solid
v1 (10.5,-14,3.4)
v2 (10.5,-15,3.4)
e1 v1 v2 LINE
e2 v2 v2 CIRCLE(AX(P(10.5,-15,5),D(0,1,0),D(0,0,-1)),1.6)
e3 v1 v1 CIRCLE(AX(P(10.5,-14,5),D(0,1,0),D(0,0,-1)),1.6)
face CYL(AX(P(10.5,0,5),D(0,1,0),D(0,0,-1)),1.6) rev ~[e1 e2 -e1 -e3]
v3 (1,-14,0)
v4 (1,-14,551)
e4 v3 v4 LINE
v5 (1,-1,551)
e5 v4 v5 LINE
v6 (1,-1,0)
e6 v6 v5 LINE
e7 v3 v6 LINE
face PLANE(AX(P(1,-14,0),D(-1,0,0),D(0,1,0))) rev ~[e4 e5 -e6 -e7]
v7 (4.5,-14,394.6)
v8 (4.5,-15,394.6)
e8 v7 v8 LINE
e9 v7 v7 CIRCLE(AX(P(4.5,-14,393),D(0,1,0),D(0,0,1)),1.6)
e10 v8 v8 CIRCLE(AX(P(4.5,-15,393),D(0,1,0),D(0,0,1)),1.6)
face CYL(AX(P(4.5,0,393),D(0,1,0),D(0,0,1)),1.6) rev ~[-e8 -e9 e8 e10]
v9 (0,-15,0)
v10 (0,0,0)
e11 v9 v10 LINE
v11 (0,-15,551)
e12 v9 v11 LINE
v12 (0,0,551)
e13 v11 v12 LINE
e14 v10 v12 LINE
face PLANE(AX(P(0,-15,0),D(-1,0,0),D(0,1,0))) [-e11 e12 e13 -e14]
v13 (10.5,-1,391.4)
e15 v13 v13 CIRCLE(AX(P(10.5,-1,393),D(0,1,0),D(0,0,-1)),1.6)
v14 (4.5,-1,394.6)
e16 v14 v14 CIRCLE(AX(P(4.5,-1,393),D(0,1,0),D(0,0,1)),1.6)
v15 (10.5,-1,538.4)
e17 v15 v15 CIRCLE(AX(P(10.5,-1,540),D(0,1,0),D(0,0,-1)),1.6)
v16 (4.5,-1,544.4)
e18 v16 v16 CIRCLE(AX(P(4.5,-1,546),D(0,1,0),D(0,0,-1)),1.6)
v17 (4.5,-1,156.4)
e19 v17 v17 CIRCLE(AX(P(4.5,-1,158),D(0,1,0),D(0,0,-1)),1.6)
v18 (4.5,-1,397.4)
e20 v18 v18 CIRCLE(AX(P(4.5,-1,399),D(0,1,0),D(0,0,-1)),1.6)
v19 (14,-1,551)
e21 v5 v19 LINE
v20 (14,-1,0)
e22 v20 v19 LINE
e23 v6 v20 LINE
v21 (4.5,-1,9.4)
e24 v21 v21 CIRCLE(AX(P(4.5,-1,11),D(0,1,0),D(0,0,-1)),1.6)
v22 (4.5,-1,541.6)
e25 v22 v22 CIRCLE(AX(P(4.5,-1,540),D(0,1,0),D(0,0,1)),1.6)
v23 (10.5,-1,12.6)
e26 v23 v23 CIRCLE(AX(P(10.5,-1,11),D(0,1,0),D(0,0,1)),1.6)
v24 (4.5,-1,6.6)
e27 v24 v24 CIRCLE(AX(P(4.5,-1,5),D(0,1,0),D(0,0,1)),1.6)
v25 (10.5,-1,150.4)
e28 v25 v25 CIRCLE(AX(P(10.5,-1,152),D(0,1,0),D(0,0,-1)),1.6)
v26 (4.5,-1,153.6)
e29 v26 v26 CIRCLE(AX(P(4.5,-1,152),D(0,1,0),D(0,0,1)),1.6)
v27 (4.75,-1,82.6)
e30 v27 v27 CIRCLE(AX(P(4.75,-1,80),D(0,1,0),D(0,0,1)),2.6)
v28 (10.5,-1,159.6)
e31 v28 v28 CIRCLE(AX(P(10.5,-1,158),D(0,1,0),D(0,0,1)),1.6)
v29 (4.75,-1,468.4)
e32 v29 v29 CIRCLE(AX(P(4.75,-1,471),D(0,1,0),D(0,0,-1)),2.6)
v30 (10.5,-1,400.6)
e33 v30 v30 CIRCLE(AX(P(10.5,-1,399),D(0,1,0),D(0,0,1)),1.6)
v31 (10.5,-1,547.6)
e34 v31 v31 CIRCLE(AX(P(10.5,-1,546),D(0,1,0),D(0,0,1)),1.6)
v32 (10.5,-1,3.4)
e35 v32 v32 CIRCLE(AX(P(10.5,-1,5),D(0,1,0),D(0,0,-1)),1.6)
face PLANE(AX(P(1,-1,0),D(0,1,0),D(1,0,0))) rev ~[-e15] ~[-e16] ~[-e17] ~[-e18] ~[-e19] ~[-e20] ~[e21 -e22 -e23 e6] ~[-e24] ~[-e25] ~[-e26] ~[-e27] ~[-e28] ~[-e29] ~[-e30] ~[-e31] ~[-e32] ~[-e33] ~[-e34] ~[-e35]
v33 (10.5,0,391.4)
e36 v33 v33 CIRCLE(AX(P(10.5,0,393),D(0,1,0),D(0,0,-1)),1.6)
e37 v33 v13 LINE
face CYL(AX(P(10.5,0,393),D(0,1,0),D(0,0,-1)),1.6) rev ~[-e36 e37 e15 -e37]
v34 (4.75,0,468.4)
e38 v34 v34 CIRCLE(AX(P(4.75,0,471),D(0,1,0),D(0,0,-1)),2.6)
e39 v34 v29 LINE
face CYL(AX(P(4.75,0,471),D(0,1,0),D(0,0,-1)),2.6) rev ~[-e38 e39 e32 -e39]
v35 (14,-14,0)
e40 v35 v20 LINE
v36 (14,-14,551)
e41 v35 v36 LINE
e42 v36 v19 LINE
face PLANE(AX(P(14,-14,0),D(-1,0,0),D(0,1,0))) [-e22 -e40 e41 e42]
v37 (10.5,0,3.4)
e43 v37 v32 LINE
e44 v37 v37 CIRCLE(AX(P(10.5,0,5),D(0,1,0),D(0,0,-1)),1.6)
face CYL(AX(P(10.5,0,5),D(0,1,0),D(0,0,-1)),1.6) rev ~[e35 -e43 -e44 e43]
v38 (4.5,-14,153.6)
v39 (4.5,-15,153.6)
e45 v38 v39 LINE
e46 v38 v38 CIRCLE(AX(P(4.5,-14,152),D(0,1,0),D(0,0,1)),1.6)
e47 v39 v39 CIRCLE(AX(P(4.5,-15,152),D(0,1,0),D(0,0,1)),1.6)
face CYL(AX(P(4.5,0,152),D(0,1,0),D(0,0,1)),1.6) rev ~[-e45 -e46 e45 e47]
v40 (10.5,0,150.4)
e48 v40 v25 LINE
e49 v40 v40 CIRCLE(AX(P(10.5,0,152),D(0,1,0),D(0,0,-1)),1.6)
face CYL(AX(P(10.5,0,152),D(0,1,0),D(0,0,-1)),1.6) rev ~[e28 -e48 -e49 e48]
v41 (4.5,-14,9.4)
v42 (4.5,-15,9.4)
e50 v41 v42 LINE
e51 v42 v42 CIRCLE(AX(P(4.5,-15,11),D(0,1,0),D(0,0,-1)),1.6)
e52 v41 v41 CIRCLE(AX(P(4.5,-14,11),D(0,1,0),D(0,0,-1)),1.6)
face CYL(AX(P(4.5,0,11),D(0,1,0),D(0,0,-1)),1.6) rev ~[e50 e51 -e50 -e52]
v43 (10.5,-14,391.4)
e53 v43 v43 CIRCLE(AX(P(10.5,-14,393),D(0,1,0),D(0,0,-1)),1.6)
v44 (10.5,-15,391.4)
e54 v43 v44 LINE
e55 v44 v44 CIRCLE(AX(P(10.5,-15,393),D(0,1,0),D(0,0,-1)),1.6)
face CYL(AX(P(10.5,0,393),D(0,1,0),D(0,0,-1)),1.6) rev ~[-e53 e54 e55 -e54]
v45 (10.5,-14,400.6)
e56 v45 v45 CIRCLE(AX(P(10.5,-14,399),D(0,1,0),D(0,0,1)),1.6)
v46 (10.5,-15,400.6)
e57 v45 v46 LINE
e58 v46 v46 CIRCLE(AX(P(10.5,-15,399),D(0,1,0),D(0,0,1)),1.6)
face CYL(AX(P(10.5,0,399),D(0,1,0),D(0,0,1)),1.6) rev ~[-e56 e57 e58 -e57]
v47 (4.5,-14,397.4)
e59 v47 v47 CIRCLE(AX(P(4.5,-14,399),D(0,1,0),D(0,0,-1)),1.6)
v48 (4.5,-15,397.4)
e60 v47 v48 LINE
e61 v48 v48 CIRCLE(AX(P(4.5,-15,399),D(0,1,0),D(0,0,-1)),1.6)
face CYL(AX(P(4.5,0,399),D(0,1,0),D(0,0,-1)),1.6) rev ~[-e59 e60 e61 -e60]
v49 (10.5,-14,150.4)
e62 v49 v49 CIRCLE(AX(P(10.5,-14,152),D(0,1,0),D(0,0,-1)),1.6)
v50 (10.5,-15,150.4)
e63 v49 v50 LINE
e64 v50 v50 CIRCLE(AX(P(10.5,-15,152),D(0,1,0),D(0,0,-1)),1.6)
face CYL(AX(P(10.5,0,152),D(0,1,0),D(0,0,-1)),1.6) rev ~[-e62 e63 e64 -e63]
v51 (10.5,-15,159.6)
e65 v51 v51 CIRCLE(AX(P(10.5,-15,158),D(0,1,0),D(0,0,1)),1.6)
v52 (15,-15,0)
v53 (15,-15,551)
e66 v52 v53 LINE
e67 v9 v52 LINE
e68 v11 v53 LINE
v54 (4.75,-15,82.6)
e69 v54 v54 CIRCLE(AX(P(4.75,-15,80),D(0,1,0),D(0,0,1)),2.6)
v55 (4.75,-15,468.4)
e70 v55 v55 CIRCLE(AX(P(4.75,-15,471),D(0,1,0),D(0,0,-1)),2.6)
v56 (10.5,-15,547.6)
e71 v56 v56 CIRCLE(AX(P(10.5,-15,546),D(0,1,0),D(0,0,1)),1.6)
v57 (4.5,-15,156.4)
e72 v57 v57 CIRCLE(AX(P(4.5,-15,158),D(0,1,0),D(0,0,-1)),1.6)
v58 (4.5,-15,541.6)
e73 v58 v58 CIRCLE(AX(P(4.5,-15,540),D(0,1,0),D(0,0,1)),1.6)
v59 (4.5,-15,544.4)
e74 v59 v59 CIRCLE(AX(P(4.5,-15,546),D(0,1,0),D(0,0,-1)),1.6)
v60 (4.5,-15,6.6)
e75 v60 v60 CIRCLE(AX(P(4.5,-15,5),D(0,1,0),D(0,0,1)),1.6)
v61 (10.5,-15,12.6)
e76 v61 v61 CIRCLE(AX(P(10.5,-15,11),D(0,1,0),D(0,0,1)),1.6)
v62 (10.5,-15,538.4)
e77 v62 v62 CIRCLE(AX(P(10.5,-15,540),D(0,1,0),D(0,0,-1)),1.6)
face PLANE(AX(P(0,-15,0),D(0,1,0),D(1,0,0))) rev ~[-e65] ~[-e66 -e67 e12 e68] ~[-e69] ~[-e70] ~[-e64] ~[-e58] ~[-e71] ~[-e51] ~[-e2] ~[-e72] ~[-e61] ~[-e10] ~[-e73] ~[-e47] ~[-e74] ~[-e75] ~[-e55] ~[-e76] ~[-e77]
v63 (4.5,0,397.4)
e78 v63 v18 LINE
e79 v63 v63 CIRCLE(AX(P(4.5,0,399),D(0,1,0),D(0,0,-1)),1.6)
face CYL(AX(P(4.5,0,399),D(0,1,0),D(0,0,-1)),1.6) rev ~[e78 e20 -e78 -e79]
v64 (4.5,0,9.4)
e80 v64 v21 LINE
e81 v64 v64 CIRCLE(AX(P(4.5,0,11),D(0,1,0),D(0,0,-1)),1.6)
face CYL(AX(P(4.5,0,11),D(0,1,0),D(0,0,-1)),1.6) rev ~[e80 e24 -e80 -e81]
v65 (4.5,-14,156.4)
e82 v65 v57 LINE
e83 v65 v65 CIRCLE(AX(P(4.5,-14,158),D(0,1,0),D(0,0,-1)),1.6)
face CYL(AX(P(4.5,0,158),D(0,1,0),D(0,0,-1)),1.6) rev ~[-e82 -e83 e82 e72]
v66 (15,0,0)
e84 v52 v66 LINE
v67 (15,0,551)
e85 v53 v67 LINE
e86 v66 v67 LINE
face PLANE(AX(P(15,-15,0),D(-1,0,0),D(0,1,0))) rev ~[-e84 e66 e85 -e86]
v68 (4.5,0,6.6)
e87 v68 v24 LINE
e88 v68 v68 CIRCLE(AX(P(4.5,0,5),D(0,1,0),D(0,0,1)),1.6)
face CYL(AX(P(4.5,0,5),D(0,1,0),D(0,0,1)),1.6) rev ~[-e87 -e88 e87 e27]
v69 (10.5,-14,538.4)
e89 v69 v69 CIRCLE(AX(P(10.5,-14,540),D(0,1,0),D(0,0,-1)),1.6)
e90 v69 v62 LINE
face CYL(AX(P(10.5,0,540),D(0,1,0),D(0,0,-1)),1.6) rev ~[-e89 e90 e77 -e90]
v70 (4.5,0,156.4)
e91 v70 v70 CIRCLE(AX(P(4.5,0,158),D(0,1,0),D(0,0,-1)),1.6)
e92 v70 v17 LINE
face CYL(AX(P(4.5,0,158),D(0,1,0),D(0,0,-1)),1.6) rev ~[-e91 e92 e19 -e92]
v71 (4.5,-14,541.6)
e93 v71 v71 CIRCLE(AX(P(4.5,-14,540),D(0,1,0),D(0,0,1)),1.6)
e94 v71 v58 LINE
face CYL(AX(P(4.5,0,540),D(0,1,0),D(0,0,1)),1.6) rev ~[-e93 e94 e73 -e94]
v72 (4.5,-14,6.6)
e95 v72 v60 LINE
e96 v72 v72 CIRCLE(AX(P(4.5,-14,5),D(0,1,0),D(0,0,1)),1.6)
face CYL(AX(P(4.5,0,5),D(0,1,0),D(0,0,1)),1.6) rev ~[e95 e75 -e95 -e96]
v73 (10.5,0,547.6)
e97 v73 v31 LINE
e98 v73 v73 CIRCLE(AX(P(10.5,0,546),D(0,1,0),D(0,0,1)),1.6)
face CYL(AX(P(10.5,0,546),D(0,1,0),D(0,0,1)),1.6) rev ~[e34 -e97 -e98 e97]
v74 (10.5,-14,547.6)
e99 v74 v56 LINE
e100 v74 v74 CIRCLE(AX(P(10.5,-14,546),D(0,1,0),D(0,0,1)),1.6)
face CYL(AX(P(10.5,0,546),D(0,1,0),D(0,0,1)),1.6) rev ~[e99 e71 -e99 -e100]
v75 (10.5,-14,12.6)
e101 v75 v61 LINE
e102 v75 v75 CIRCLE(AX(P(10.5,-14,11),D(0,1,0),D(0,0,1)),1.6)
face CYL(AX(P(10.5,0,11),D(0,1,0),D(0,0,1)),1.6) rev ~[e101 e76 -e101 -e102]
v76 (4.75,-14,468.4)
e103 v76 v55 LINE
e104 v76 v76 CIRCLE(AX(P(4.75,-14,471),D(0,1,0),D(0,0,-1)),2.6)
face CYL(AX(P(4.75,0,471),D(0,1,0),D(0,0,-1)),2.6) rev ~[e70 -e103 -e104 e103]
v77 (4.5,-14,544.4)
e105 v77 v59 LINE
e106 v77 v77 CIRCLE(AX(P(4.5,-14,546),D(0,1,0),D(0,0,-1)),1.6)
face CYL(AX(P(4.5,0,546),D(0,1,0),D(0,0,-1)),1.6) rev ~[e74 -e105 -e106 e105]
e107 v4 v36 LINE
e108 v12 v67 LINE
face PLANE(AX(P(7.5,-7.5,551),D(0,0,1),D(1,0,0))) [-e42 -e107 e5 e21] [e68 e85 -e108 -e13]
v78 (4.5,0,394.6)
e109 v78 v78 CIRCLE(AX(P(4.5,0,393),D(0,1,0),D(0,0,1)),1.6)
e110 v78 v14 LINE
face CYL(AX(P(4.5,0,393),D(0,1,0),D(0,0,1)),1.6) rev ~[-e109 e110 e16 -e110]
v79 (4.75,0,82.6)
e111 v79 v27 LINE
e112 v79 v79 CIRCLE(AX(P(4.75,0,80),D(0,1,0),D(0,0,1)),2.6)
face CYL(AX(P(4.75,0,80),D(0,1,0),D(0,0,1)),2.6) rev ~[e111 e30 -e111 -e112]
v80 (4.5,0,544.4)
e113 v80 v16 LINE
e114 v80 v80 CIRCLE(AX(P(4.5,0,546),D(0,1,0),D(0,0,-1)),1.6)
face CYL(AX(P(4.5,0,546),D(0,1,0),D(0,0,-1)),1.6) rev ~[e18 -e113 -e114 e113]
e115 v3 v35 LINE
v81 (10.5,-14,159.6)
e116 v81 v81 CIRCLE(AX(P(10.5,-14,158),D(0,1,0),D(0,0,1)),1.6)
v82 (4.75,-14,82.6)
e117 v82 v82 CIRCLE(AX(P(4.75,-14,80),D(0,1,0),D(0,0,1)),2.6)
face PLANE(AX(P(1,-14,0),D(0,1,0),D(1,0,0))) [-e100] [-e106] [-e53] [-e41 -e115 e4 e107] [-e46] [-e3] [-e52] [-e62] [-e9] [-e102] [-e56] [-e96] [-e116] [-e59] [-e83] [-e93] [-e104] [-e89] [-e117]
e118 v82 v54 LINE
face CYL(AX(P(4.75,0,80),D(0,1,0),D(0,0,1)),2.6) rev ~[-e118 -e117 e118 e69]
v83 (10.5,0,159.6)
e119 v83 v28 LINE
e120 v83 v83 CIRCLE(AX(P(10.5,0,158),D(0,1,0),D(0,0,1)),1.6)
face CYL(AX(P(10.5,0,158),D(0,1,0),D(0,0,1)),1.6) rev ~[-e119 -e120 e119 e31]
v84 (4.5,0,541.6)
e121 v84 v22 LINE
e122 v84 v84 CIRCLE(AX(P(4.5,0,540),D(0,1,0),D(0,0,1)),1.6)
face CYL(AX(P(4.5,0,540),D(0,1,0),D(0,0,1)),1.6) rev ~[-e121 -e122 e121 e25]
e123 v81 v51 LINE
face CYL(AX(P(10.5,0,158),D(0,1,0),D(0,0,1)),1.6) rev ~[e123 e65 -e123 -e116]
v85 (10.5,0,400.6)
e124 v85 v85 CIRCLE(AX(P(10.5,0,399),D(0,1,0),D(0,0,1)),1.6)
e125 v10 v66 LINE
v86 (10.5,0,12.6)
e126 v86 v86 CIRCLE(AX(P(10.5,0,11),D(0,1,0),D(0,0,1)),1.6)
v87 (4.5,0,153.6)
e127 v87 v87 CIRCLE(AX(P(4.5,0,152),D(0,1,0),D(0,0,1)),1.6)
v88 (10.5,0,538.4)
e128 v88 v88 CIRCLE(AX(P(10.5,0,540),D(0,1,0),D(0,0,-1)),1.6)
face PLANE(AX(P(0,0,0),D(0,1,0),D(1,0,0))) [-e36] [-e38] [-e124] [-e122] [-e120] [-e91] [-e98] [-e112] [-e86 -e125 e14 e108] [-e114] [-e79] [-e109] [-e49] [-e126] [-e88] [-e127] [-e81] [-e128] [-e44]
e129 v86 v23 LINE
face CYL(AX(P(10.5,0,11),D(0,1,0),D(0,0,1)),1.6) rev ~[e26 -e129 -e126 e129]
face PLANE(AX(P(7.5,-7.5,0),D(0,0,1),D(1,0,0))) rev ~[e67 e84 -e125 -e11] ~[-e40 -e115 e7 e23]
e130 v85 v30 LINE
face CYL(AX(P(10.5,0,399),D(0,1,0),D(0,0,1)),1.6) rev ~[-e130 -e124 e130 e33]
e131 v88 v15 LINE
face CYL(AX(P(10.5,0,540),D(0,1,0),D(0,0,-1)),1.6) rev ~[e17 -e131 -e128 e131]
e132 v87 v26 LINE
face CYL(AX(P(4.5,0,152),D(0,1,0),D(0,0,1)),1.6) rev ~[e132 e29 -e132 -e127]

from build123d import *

# Parameters (mm, degrees)
SKETCH_1_W          = 15
SKETCH_1_H          = 15
SKETCH_1_W_2        = 13
SKETCH_1_H_2        = 13
EXTRUDE_1_DEPTH     = 551
SKETCH_2_R          = 1.6
SKETCH_2_R_2        = 2.6
CUT_EXTRUDE_1_DEPTH = 552.408197255


with BuildPart() as part:
    # 草图1 → 拉伸-薄壁1 (new body)
    with BuildSketch(Plane.XY):
        with Locations((7.5, -7.5)):
            Rectangle(SKETCH_1_W, SKETCH_1_H)
        with Locations((7.5, -7.5)):
            Rectangle(SKETCH_1_W_2, SKETCH_1_H_2, mode=Mode.SUBTRACT)
    extrude(amount=EXTRUDE_1_DEPTH)

    # 草图2 → 切除-拉伸1 (cut, through all)
    with BuildSketch(Plane(origin=(0, 0, 0), x_dir=(1, 0, 0), z_dir=(0, 1, 0))):
        with Locations(Location((4.5, -5, 0), (0, 0, 270))):
            Circle(SKETCH_2_R)
        with Locations(Location((10.5, -5, 0), (0, 0, 90))):
            Circle(SKETCH_2_R)
        with Locations(Location((10.5, -11, 0), (0, 0, 270))):
            Circle(SKETCH_2_R)
        with Locations(Location((4.5, -11, 0), (0, 0, 90))):
            Circle(SKETCH_2_R)
        with Locations(Location((4.5, -540, 0), (0, 0, 270))):
            Circle(SKETCH_2_R)
        with Locations(Location((10.5, -540, 0), (0, 0, 90))):
            Circle(SKETCH_2_R)
        with Locations(Location((10.5, -546, 0), (0, 0, 270))):
            Circle(SKETCH_2_R)
        with Locations(Location((4.5, -546, 0), (0, 0, 90))):
            Circle(SKETCH_2_R)
        with Locations(Location((4.75, -80, 0), (0, 0, 270))):
            Circle(SKETCH_2_R_2)
        with Locations(Location((4.5, -152, 0), (0, 0, 270))):
            Circle(SKETCH_2_R)
        with Locations(Location((10.5, -152, 0), (0, 0, 90))):
            Circle(SKETCH_2_R)
        with Locations(Location((10.5, -158, 0), (0, 0, 270))):
            Circle(SKETCH_2_R)
        with Locations(Location((4.5, -158, 0), (0, 0, 90))):
            Circle(SKETCH_2_R)
        with Locations(Location((4.75, -471, 0), (0, 0, 90))):
            Circle(SKETCH_2_R_2)
        with Locations(Location((4.5, -393, 0), (0, 0, 270))):
            Circle(SKETCH_2_R)
        with Locations(Location((10.5, -393, 0), (0, 0, 90))):
            Circle(SKETCH_2_R)
        with Locations(Location((10.5, -399, 0), (0, 0, 270))):
            Circle(SKETCH_2_R)
        with Locations(Location((4.5, -399, 0), (0, 0, 90))):
            Circle(SKETCH_2_R)
    extrude(amount=-CUT_EXTRUDE_1_DEPTH, mode=Mode.SUBTRACT)


solid = part.part
